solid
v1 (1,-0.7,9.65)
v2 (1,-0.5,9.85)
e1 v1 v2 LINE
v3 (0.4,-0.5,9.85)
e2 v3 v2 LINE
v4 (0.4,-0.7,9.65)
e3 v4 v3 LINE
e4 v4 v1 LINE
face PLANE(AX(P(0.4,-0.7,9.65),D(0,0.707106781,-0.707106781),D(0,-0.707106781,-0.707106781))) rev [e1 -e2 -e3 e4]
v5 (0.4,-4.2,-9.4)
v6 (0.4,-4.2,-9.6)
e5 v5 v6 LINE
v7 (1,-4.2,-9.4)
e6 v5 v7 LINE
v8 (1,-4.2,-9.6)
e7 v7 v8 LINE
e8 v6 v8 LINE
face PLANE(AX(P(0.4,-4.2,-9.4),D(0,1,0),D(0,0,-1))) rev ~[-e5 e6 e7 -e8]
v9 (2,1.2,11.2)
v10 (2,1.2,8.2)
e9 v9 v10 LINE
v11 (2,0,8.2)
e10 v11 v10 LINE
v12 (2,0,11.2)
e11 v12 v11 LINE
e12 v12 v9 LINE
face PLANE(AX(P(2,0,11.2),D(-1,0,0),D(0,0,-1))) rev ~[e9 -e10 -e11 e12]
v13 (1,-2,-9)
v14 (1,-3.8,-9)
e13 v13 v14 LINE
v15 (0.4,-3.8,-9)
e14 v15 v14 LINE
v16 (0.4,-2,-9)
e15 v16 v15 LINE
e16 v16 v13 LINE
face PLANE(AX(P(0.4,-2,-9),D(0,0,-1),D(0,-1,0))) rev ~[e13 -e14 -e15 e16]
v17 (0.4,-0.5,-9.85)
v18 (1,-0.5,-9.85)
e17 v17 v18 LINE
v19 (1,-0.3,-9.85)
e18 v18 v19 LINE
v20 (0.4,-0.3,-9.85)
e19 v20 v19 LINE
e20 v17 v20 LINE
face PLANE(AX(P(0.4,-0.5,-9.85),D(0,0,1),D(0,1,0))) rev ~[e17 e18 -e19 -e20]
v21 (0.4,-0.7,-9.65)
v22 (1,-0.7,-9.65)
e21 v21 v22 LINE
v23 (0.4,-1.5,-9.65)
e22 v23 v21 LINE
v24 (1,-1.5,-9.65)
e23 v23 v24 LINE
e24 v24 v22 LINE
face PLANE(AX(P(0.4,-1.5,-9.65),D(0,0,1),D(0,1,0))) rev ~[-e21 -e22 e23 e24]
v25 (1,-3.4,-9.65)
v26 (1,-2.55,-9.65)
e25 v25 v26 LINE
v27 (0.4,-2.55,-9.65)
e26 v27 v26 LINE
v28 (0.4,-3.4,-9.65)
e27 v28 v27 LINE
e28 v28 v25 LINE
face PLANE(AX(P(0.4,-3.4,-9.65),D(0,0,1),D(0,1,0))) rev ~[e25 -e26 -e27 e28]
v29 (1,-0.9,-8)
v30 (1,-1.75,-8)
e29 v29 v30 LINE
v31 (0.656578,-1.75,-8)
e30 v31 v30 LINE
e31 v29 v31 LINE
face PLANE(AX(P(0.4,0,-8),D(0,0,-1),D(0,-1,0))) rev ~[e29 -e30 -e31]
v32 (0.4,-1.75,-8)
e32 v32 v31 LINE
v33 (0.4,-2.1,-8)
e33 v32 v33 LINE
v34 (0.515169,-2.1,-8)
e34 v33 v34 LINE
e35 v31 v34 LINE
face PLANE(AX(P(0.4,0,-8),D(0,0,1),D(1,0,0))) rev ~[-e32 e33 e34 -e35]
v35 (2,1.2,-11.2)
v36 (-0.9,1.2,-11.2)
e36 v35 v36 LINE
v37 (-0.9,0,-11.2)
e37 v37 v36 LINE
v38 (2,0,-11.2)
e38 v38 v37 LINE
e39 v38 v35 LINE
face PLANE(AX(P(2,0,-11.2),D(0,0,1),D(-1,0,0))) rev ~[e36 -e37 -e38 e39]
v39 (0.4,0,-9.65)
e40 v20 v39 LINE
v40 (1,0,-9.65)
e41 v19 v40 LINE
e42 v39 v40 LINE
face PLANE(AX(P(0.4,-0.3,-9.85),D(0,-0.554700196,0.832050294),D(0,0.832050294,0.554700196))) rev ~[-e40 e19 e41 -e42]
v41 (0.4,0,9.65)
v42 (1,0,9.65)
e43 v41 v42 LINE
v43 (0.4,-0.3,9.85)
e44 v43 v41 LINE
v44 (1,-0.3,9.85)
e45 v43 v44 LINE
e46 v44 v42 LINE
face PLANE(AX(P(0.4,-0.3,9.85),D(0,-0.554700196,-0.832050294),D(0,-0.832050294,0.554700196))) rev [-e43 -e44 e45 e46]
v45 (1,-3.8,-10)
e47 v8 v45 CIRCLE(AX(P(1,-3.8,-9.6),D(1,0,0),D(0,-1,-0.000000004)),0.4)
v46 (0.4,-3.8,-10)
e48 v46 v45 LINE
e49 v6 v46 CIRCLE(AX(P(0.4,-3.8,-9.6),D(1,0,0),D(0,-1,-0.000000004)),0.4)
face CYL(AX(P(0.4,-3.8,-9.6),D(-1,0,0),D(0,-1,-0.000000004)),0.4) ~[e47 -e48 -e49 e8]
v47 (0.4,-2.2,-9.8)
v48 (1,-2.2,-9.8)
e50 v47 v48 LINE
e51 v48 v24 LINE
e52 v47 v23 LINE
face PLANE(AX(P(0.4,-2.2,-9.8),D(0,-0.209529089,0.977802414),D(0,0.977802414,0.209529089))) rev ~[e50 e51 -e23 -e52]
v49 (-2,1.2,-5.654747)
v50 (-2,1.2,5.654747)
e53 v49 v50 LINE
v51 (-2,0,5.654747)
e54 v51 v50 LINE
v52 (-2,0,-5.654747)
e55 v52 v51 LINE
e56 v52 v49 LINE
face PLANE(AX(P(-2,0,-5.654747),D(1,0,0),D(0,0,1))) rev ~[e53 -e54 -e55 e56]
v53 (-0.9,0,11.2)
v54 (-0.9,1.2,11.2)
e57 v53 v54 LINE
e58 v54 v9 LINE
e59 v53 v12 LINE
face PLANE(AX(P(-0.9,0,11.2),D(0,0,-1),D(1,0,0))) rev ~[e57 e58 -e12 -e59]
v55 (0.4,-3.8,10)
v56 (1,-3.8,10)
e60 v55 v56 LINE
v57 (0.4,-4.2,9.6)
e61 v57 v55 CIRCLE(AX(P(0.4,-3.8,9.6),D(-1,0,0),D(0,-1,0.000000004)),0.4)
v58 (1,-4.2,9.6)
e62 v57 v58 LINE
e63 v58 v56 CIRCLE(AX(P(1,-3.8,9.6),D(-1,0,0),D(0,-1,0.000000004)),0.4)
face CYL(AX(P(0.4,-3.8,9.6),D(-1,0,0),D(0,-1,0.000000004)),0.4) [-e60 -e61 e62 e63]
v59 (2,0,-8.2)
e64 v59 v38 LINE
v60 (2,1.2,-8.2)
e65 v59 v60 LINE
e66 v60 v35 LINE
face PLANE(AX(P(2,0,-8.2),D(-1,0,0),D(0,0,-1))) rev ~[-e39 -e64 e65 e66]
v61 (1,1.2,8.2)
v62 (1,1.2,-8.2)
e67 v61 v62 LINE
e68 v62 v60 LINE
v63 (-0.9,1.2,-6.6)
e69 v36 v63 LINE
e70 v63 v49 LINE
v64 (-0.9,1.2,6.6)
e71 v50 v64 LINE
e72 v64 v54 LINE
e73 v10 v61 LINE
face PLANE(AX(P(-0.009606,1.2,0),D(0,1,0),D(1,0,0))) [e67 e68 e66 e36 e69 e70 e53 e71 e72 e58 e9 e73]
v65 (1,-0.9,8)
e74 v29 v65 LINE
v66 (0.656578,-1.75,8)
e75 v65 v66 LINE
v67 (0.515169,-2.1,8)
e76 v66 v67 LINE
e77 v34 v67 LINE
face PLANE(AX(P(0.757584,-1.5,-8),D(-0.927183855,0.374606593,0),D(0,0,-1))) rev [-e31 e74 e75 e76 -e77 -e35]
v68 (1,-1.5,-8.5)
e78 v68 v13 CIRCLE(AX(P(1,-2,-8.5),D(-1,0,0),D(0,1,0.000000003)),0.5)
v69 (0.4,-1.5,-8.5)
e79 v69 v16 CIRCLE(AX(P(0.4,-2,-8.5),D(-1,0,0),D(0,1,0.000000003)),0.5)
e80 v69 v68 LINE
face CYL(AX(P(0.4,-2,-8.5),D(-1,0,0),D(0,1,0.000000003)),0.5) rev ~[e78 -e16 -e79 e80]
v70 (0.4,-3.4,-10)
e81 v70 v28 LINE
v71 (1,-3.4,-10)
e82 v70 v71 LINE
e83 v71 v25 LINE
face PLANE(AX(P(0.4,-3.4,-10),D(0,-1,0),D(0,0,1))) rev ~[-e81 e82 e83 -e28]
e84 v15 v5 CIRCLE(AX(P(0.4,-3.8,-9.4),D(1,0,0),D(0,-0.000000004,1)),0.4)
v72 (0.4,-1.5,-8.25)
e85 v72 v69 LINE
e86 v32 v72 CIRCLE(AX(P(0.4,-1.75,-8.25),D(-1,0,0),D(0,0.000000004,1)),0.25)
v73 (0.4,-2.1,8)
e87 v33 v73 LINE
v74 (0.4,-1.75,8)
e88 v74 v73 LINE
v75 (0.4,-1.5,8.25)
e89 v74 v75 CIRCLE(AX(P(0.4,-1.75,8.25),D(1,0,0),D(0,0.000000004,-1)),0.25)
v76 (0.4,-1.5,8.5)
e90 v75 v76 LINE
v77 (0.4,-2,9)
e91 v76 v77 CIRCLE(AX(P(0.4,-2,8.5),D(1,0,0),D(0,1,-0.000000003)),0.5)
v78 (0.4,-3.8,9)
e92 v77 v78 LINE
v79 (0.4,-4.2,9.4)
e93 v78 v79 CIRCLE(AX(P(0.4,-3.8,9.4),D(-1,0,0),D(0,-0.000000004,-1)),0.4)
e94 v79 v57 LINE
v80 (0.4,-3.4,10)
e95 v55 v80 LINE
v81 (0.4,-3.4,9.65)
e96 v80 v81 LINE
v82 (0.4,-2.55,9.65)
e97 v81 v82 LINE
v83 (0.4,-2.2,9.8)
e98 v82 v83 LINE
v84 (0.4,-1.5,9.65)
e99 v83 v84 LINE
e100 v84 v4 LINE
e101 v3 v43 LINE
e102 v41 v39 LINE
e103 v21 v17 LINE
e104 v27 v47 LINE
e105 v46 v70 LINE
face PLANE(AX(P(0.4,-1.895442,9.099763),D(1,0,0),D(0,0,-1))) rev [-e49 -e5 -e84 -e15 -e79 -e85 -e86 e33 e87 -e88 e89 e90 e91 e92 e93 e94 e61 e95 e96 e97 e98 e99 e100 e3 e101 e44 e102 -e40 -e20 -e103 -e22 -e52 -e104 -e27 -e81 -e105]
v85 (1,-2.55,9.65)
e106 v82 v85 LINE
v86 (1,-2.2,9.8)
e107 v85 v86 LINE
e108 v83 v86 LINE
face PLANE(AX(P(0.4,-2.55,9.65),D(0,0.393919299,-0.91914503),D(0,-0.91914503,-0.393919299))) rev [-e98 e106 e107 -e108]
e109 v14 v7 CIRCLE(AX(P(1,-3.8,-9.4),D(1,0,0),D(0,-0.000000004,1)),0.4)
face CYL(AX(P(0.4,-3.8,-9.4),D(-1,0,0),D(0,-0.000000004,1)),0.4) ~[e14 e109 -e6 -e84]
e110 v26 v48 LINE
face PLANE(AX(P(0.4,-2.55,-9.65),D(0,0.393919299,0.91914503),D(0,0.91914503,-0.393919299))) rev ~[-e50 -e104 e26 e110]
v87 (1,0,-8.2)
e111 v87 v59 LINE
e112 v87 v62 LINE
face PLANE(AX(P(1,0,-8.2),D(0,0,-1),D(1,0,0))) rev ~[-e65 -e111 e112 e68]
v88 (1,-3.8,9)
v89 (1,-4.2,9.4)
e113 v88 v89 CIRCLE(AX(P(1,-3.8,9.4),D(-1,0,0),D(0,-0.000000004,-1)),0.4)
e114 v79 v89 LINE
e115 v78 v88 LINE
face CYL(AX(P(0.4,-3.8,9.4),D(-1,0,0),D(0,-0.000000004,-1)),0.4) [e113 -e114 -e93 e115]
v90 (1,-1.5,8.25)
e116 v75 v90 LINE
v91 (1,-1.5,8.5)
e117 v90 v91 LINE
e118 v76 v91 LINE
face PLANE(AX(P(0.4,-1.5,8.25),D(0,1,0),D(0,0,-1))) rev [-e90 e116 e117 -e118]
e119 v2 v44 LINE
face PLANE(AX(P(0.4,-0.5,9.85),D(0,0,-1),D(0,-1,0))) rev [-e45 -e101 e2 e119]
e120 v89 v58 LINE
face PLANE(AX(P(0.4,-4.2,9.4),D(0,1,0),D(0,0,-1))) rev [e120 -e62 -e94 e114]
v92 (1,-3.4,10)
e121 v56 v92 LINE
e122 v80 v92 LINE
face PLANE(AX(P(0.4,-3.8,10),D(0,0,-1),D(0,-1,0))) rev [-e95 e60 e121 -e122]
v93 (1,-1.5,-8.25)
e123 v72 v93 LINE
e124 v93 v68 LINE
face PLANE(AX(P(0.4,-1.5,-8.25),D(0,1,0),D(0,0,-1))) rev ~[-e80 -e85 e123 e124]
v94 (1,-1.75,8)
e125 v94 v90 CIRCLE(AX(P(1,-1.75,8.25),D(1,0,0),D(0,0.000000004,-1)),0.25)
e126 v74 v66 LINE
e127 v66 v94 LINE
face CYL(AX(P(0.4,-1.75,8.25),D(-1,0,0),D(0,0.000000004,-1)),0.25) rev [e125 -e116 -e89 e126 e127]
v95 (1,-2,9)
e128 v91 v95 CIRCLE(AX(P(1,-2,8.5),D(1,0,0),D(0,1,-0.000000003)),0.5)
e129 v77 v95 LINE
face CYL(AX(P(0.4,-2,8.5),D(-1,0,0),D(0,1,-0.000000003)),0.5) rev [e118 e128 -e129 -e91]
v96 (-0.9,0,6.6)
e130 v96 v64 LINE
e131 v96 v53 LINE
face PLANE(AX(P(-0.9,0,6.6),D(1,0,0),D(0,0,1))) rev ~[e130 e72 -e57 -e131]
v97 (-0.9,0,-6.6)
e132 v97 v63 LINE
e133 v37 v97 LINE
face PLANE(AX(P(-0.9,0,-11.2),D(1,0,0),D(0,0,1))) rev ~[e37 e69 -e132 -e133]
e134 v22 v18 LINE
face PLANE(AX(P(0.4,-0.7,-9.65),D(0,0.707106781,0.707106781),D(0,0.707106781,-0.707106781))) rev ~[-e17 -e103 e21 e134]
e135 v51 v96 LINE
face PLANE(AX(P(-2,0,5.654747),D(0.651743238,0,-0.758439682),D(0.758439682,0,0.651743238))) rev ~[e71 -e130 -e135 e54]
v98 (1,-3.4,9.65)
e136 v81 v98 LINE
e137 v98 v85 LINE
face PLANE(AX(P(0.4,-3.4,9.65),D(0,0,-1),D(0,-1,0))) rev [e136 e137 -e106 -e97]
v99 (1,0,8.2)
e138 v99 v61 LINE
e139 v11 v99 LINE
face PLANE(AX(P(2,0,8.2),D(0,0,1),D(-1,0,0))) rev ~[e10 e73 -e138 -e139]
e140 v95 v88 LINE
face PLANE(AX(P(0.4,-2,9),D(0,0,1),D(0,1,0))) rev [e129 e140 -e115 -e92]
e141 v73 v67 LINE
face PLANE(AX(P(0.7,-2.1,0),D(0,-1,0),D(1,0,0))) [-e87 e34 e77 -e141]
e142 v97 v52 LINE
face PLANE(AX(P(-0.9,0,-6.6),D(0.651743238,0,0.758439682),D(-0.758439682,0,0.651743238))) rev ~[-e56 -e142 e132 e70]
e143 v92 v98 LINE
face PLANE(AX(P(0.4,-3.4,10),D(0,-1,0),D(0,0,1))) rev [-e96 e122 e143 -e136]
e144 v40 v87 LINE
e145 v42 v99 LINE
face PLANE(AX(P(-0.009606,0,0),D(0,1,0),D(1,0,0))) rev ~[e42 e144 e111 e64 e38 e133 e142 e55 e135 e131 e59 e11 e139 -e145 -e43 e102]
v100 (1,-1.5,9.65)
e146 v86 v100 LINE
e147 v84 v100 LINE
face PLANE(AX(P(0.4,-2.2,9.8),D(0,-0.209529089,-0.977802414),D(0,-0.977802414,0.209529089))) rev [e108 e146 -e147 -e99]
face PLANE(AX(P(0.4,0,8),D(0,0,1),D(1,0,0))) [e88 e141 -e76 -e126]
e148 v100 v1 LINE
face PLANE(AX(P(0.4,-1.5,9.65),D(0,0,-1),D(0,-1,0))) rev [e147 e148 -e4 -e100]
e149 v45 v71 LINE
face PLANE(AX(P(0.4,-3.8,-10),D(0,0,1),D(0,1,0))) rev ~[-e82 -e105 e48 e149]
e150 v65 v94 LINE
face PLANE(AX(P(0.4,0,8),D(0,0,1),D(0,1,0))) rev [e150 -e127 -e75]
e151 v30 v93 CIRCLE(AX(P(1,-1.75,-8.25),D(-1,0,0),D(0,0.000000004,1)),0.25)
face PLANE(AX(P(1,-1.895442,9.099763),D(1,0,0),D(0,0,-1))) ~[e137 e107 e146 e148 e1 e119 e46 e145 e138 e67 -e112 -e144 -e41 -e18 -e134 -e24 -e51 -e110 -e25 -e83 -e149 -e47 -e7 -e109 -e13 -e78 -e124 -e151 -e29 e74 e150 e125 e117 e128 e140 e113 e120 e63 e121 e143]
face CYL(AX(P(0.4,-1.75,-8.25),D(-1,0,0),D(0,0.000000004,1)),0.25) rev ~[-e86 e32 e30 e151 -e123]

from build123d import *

# Parameters (mm, degrees)
RESSALTO_EXTRUS_O1_DEPTH = 1.2
ESBO_O2_W                = 0.6
ESBO_O2_H                = 16
RESSALTO_EXTRUS_O2_DEPTH = 2.1
CHANFRO1_SIZE            = 1.2
CHANFRO1_SIZE2           = 0.484831471
RESSALTO_EXTRUS_O3_DEPTH = 0.6


with BuildPart() as part:
    # Esboço1 → Ressalto-extrusão1 (new body)
    with BuildSketch(Plane(origin=(0, 0, 0), x_dir=(1, 0, 0), z_dir=(0, 1, 0))):
        Polygon((2, 8.2), (2, 11.2), (-0.9, 11.2), (-0.9, 6.6), (-2, 5.654746766), (-2, -5.654746766), (-0.9, -6.6), (-0.9, -11.2), (2, -11.2), (2, -8.2), (1, -8.2), (1, 8.2), align=None)
    extrude(amount=RESSALTO_EXTRUS_O1_DEPTH)

    # Esboço2 → Ressalto-extrusão2 (add)
    with BuildSketch(Plane.XZ):
        with Locations((0.7, 0)):
            Rectangle(ESBO_O2_W, ESBO_O2_H)
    extrude(amount=RESSALTO_EXTRUS_O2_DEPTH)

    # Chanfro1
    chanfro1_edges = [part.edges().sort_by_distance(p)[0] for p in [
        (1, -2.1, 0),
    ]]
    chanfro1_side = [part.faces().sort_by_distance(p)[0] for p in [
        (1, -0.440540541, 0),
    ]]
    chamfer(chanfro1_edges, length=CHANFRO1_SIZE, length2=CHANFRO1_SIZE2, reference=chanfro1_side[0])

    # Esboço3 → Ressalto-extrusão3 (add)
    with BuildSketch(Plane.ZY.offset(-0.4)):
        with BuildLine():
            Line((-8.25, -1.5), (-8.5, -1.5))
            ThreePointArc((-8.5, -1.5), (-8.853553391, -1.646446609), (-9, -2))
            Line((-9, -2), (-9, -3.8))
            ThreePointArc((-9, -3.8), (-9.117157288, -4.082842712), (-9.4, -4.2))
            Line((-9.4, -4.2), (-9.6, -4.2))
            ThreePointArc((-9.6, -4.2), (-9.882842712, -4.082842712), (-10, -3.8))
            Line((-10, -3.8), (-10, -3.4))
            Line((-10, -3.4), (-9.65, -3.4))
            Line((-9.65, -3.4), (-9.65, -2.55))
            Line((-9.65, -2.55), (-9.8, -2.2))
            Line((-9.8, -2.2), (-9.65, -1.5))
            Line((-9.65, -1.5), (-9.65, -0.7))
            Line((-9.65, -0.7), (-9.85, -0.5))
            Line((-9.85, -0.5), (-9.85, -0.3))
            Line((-9.85, -0.3), (-9.65, 0))
            Line((-9.65, 0), (-8, 0))
            Line((-8, 0), (-8, -1.75))
            ThreePointArc((-8, -1.75), (-8.073223305, -1.573223305), (-8.25, -1.5))
        make_face()
    ressalto_extrus_o3 = extrude(amount=-RESSALTO_EXTRUS_O3_DEPTH)

    # Espelhar1: Ressalto-extrusão3 across plane
    add(ressalto_extrus_o3.mirror(Plane.XY))


solid = part.part
